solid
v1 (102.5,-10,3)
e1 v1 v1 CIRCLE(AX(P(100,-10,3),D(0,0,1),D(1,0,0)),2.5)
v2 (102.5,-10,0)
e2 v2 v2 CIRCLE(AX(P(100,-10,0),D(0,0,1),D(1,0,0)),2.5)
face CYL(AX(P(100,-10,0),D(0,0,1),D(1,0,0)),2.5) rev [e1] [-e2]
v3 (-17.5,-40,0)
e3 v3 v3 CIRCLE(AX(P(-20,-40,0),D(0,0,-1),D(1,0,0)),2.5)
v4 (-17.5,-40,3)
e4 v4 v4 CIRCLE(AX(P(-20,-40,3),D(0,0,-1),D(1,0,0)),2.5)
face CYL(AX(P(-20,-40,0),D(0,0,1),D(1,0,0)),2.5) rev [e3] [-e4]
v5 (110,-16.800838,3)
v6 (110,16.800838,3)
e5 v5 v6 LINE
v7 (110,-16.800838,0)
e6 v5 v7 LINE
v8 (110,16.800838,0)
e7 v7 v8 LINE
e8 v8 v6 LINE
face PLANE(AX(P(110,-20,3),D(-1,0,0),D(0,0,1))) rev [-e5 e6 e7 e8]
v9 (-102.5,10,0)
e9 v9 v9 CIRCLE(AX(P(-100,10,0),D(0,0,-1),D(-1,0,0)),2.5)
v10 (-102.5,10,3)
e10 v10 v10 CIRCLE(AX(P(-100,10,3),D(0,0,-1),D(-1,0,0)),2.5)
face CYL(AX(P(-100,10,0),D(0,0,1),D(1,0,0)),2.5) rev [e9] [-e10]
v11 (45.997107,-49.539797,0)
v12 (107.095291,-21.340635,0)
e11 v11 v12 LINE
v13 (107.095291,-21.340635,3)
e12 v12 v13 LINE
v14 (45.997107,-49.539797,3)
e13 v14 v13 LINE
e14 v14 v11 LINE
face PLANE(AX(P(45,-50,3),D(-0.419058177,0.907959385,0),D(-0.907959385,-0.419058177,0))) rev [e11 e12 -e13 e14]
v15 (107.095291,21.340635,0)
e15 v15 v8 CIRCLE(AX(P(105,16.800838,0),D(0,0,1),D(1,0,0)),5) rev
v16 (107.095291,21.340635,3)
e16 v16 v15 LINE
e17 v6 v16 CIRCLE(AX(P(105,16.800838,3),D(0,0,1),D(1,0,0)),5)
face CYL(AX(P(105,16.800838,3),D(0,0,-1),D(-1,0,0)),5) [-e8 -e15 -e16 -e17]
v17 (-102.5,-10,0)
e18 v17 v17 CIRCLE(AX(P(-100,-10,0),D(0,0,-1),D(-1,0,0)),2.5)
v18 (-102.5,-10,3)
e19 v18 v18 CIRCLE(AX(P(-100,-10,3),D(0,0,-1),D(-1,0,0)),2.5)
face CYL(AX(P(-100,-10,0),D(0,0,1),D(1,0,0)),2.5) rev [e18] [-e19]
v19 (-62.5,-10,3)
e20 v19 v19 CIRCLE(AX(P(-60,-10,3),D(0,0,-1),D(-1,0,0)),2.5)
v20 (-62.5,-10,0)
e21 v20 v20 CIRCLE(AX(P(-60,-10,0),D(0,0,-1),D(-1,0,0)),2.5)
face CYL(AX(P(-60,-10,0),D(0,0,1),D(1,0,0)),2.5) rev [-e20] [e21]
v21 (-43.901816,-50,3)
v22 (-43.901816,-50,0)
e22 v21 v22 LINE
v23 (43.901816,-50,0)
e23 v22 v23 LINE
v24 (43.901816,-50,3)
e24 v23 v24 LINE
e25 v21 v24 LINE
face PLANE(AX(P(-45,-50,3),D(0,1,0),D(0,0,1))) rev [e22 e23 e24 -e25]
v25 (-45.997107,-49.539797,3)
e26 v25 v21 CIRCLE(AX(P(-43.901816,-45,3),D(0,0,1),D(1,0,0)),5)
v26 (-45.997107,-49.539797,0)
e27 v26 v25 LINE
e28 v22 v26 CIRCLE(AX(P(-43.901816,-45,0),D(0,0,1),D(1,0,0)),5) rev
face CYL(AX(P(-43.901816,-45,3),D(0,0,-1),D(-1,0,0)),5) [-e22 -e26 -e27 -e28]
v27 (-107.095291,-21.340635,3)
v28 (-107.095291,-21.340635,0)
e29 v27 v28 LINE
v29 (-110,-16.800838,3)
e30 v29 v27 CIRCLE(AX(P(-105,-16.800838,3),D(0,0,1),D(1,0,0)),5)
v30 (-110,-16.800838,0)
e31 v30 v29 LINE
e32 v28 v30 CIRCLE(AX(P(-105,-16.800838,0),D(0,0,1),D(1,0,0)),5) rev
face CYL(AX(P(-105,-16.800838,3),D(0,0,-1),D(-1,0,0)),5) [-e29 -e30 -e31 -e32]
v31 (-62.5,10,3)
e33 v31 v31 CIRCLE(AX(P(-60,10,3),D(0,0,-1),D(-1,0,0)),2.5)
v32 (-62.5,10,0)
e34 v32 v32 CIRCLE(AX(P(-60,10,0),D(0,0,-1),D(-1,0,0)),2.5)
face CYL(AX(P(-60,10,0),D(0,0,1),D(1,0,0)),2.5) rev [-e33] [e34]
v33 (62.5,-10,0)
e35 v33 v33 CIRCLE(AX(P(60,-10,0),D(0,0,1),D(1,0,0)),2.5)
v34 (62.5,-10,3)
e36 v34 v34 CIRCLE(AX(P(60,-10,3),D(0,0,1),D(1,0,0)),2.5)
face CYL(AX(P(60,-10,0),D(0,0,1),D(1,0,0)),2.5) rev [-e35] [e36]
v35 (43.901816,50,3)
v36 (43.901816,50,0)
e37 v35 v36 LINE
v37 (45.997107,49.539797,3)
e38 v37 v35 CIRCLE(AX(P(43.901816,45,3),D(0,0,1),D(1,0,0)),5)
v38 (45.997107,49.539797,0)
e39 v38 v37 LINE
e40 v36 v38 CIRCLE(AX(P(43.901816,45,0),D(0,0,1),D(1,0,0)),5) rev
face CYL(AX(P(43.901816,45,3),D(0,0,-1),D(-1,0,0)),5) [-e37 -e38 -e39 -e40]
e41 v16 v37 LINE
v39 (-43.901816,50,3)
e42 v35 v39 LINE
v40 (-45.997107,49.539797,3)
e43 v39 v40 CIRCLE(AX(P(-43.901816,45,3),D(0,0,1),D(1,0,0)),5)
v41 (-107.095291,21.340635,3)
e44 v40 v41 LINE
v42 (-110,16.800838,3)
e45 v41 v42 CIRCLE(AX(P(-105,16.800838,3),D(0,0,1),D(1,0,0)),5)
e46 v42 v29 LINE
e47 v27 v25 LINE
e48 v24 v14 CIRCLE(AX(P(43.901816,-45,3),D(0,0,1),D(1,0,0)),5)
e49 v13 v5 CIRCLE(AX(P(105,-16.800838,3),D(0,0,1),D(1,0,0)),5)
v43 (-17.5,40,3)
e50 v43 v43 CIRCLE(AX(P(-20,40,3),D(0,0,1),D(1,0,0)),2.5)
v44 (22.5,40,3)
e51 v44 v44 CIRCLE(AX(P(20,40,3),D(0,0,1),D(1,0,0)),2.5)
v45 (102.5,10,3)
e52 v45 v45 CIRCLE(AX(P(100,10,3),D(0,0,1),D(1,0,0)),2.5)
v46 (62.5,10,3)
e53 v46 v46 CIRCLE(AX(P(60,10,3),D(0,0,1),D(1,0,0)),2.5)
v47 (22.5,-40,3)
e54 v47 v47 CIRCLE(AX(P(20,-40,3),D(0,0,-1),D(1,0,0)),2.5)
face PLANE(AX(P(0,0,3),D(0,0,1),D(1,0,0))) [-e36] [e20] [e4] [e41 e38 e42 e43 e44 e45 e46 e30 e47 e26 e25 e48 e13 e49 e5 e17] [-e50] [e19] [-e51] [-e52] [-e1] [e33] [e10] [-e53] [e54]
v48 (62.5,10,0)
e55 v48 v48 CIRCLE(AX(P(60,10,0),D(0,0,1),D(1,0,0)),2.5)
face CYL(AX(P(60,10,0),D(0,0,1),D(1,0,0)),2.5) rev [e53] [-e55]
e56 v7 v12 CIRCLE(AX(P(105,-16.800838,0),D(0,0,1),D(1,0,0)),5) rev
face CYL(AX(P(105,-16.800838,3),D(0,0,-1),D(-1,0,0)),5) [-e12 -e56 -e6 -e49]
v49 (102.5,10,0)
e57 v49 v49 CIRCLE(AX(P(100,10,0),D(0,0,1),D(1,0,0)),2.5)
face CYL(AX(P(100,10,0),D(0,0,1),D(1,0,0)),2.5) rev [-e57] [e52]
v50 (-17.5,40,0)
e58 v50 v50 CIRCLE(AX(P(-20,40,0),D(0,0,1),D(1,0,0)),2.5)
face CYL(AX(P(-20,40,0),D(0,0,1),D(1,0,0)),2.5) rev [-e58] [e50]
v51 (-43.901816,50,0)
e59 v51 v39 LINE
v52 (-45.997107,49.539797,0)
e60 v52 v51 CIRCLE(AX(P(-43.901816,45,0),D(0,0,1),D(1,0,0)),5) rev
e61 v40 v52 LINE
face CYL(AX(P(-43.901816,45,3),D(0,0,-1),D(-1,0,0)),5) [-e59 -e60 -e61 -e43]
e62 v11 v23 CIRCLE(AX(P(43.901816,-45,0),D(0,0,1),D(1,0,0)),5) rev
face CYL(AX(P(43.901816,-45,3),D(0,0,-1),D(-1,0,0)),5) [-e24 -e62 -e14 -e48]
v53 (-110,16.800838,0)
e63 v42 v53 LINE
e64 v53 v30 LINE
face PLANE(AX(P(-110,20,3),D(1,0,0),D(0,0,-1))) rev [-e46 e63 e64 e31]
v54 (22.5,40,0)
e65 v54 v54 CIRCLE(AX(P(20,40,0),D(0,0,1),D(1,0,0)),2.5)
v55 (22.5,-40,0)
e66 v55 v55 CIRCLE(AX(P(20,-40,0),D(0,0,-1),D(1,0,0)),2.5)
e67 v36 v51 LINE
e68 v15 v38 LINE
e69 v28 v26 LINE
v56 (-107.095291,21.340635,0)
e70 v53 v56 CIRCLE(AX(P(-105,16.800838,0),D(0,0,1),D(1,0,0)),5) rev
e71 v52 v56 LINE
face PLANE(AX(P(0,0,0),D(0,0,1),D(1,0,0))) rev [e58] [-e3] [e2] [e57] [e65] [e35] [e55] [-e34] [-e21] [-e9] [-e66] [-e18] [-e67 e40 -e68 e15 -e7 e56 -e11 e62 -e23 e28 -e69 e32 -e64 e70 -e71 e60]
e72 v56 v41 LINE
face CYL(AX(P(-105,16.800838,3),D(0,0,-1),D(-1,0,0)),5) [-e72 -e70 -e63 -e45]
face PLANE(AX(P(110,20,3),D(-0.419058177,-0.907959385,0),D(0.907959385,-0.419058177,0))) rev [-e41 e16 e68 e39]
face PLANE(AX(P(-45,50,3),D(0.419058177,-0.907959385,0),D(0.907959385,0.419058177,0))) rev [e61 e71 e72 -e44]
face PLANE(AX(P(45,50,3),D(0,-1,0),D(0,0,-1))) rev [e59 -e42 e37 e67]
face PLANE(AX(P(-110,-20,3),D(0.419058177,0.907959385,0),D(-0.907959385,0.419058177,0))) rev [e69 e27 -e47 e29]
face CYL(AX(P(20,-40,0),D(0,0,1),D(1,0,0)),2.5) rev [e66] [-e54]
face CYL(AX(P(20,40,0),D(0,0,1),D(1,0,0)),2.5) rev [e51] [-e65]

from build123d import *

# Parameters (mm, degrees)
BOSS_EXTRUDE1_DEPTH     = 3
SKETCH2_R               = 2.5
CUT_EXTRUDE1_DEPTH      = 4
LPATTERN1_COUNT         = 2
LPATTERN1_PITCH         = 40
LPATTERN1_COUNT_DIR2    = 2
LPATTERN1_PITCH_DIR2    = 20
MIRROR1_COPY_1_SKETCH_R = 2.5
MIRROR1_COPY_1_DEPTH    = 4
MIRROR1_COPY_2_SKETCH_R = 2.5
MIRROR1_COPY_2_DEPTH    = 4
MIRROR1_COPY_3_SKETCH_R = 2.5
MIRROR1_COPY_3_DEPTH    = 4
SKETCH3_R               = 2.5
CUT_EXTRUDE2_DEPTH      = 4
FILLET1_R               = 5


with BuildPart() as part:
    # Sketch1 → Boss-Extrude1 (new body)
    with BuildSketch(Plane.XY):
        Polygon((-110, 20), (-110, -20), (-45, -50), (45, -50), (110, -20), (110, 20), (45, 50), (-45, 50), align=None)
    extrude(amount=BOSS_EXTRUDE1_DEPTH)

    # Sketch2 → Cut-Extrude1 (cut, through all)
    with BuildSketch(Plane.XY.offset(3)):
        with Locations((60, 10)):
            Circle(SKETCH2_R)
    cut_extrude1 = extrude(amount=-CUT_EXTRUDE1_DEPTH, mode=Mode.SUBTRACT)

    # LPattern1: Cut-Extrude1 2 × 2
    with Locations(*[(i * LPATTERN1_PITCH, -j * LPATTERN1_PITCH_DIR2, 0) for i in range(LPATTERN1_COUNT) for j in range(LPATTERN1_COUNT_DIR2) if (i, j) != (0, 0)]):
        add(cut_extrude1, mode=Mode.SUBTRACT)

    # Mirror1: Cut-Extrude1 across plane
    add(cut_extrude1.mirror(Plane(origin=(0, 0, 0), x_dir=(0, 0, 1), z_dir=(1, 0, 0))), mode=Mode.SUBTRACT)

    # Mirror1 copy 1 sketch → Mirror1 copy 1 (cut, through all)
    with BuildSketch(Plane(origin=(0, -20, 3), x_dir=(-1, 0, 0), z_dir=(0, 0, 1))):
        with Locations((60, -10)):
            Circle(MIRROR1_COPY_1_SKETCH_R)
    extrude(amount=-MIRROR1_COPY_1_DEPTH, mode=Mode.SUBTRACT)

    # Mirror1 copy 2 sketch → Mirror1 copy 2 (cut, through all)
    with BuildSketch(Plane(origin=(-40, 0, 3), x_dir=(-1, 0, 0), z_dir=(0, 0, 1))):
        with Locations((60, -10)):
            Circle(MIRROR1_COPY_2_SKETCH_R)
    extrude(amount=-MIRROR1_COPY_2_DEPTH, mode=Mode.SUBTRACT)

    # Mirror1 copy 3 sketch → Mirror1 copy 3 (cut, through all)
    with BuildSketch(Plane(origin=(-40, -20, 3), x_dir=(-1, 0, 0), z_dir=(0, 0, 1))):
        with Locations((60, -10)):
            Circle(MIRROR1_COPY_3_SKETCH_R)
    extrude(amount=-MIRROR1_COPY_3_DEPTH, mode=Mode.SUBTRACT)

    # Sketch3 → Cut-Extrude2 (cut, through all)
    with BuildSketch(Plane.XY.offset(3)):
        with Locations((20, 40)):
            Circle(SKETCH3_R)
        with Locations((-20, 40)):
            Circle(SKETCH3_R)
    cut_extrude2 = extrude(amount=-CUT_EXTRUDE2_DEPTH, mode=Mode.SUBTRACT)

    # Mirror2: Cut-Extrude2 across plane
    add(cut_extrude2.mirror(Plane.ZX), mode=Mode.SUBTRACT)

    # Fillet1
    fillet1_edges = [part.edges().sort_by_distance(p)[0] for p in [
        (-45, 50, 1.5),
        (45, 50, 1.5),
        (110, 20, 1.5),
        (110, -20, 1.5),
        (45, -50, 1.5),
        (-45, -50, 1.5),
        (-110, -20, 1.5),
        (-110, 20, 1.5),
    ]]
    fillet(fillet1_edges, radius=FILLET1_R)


solid = part.part
